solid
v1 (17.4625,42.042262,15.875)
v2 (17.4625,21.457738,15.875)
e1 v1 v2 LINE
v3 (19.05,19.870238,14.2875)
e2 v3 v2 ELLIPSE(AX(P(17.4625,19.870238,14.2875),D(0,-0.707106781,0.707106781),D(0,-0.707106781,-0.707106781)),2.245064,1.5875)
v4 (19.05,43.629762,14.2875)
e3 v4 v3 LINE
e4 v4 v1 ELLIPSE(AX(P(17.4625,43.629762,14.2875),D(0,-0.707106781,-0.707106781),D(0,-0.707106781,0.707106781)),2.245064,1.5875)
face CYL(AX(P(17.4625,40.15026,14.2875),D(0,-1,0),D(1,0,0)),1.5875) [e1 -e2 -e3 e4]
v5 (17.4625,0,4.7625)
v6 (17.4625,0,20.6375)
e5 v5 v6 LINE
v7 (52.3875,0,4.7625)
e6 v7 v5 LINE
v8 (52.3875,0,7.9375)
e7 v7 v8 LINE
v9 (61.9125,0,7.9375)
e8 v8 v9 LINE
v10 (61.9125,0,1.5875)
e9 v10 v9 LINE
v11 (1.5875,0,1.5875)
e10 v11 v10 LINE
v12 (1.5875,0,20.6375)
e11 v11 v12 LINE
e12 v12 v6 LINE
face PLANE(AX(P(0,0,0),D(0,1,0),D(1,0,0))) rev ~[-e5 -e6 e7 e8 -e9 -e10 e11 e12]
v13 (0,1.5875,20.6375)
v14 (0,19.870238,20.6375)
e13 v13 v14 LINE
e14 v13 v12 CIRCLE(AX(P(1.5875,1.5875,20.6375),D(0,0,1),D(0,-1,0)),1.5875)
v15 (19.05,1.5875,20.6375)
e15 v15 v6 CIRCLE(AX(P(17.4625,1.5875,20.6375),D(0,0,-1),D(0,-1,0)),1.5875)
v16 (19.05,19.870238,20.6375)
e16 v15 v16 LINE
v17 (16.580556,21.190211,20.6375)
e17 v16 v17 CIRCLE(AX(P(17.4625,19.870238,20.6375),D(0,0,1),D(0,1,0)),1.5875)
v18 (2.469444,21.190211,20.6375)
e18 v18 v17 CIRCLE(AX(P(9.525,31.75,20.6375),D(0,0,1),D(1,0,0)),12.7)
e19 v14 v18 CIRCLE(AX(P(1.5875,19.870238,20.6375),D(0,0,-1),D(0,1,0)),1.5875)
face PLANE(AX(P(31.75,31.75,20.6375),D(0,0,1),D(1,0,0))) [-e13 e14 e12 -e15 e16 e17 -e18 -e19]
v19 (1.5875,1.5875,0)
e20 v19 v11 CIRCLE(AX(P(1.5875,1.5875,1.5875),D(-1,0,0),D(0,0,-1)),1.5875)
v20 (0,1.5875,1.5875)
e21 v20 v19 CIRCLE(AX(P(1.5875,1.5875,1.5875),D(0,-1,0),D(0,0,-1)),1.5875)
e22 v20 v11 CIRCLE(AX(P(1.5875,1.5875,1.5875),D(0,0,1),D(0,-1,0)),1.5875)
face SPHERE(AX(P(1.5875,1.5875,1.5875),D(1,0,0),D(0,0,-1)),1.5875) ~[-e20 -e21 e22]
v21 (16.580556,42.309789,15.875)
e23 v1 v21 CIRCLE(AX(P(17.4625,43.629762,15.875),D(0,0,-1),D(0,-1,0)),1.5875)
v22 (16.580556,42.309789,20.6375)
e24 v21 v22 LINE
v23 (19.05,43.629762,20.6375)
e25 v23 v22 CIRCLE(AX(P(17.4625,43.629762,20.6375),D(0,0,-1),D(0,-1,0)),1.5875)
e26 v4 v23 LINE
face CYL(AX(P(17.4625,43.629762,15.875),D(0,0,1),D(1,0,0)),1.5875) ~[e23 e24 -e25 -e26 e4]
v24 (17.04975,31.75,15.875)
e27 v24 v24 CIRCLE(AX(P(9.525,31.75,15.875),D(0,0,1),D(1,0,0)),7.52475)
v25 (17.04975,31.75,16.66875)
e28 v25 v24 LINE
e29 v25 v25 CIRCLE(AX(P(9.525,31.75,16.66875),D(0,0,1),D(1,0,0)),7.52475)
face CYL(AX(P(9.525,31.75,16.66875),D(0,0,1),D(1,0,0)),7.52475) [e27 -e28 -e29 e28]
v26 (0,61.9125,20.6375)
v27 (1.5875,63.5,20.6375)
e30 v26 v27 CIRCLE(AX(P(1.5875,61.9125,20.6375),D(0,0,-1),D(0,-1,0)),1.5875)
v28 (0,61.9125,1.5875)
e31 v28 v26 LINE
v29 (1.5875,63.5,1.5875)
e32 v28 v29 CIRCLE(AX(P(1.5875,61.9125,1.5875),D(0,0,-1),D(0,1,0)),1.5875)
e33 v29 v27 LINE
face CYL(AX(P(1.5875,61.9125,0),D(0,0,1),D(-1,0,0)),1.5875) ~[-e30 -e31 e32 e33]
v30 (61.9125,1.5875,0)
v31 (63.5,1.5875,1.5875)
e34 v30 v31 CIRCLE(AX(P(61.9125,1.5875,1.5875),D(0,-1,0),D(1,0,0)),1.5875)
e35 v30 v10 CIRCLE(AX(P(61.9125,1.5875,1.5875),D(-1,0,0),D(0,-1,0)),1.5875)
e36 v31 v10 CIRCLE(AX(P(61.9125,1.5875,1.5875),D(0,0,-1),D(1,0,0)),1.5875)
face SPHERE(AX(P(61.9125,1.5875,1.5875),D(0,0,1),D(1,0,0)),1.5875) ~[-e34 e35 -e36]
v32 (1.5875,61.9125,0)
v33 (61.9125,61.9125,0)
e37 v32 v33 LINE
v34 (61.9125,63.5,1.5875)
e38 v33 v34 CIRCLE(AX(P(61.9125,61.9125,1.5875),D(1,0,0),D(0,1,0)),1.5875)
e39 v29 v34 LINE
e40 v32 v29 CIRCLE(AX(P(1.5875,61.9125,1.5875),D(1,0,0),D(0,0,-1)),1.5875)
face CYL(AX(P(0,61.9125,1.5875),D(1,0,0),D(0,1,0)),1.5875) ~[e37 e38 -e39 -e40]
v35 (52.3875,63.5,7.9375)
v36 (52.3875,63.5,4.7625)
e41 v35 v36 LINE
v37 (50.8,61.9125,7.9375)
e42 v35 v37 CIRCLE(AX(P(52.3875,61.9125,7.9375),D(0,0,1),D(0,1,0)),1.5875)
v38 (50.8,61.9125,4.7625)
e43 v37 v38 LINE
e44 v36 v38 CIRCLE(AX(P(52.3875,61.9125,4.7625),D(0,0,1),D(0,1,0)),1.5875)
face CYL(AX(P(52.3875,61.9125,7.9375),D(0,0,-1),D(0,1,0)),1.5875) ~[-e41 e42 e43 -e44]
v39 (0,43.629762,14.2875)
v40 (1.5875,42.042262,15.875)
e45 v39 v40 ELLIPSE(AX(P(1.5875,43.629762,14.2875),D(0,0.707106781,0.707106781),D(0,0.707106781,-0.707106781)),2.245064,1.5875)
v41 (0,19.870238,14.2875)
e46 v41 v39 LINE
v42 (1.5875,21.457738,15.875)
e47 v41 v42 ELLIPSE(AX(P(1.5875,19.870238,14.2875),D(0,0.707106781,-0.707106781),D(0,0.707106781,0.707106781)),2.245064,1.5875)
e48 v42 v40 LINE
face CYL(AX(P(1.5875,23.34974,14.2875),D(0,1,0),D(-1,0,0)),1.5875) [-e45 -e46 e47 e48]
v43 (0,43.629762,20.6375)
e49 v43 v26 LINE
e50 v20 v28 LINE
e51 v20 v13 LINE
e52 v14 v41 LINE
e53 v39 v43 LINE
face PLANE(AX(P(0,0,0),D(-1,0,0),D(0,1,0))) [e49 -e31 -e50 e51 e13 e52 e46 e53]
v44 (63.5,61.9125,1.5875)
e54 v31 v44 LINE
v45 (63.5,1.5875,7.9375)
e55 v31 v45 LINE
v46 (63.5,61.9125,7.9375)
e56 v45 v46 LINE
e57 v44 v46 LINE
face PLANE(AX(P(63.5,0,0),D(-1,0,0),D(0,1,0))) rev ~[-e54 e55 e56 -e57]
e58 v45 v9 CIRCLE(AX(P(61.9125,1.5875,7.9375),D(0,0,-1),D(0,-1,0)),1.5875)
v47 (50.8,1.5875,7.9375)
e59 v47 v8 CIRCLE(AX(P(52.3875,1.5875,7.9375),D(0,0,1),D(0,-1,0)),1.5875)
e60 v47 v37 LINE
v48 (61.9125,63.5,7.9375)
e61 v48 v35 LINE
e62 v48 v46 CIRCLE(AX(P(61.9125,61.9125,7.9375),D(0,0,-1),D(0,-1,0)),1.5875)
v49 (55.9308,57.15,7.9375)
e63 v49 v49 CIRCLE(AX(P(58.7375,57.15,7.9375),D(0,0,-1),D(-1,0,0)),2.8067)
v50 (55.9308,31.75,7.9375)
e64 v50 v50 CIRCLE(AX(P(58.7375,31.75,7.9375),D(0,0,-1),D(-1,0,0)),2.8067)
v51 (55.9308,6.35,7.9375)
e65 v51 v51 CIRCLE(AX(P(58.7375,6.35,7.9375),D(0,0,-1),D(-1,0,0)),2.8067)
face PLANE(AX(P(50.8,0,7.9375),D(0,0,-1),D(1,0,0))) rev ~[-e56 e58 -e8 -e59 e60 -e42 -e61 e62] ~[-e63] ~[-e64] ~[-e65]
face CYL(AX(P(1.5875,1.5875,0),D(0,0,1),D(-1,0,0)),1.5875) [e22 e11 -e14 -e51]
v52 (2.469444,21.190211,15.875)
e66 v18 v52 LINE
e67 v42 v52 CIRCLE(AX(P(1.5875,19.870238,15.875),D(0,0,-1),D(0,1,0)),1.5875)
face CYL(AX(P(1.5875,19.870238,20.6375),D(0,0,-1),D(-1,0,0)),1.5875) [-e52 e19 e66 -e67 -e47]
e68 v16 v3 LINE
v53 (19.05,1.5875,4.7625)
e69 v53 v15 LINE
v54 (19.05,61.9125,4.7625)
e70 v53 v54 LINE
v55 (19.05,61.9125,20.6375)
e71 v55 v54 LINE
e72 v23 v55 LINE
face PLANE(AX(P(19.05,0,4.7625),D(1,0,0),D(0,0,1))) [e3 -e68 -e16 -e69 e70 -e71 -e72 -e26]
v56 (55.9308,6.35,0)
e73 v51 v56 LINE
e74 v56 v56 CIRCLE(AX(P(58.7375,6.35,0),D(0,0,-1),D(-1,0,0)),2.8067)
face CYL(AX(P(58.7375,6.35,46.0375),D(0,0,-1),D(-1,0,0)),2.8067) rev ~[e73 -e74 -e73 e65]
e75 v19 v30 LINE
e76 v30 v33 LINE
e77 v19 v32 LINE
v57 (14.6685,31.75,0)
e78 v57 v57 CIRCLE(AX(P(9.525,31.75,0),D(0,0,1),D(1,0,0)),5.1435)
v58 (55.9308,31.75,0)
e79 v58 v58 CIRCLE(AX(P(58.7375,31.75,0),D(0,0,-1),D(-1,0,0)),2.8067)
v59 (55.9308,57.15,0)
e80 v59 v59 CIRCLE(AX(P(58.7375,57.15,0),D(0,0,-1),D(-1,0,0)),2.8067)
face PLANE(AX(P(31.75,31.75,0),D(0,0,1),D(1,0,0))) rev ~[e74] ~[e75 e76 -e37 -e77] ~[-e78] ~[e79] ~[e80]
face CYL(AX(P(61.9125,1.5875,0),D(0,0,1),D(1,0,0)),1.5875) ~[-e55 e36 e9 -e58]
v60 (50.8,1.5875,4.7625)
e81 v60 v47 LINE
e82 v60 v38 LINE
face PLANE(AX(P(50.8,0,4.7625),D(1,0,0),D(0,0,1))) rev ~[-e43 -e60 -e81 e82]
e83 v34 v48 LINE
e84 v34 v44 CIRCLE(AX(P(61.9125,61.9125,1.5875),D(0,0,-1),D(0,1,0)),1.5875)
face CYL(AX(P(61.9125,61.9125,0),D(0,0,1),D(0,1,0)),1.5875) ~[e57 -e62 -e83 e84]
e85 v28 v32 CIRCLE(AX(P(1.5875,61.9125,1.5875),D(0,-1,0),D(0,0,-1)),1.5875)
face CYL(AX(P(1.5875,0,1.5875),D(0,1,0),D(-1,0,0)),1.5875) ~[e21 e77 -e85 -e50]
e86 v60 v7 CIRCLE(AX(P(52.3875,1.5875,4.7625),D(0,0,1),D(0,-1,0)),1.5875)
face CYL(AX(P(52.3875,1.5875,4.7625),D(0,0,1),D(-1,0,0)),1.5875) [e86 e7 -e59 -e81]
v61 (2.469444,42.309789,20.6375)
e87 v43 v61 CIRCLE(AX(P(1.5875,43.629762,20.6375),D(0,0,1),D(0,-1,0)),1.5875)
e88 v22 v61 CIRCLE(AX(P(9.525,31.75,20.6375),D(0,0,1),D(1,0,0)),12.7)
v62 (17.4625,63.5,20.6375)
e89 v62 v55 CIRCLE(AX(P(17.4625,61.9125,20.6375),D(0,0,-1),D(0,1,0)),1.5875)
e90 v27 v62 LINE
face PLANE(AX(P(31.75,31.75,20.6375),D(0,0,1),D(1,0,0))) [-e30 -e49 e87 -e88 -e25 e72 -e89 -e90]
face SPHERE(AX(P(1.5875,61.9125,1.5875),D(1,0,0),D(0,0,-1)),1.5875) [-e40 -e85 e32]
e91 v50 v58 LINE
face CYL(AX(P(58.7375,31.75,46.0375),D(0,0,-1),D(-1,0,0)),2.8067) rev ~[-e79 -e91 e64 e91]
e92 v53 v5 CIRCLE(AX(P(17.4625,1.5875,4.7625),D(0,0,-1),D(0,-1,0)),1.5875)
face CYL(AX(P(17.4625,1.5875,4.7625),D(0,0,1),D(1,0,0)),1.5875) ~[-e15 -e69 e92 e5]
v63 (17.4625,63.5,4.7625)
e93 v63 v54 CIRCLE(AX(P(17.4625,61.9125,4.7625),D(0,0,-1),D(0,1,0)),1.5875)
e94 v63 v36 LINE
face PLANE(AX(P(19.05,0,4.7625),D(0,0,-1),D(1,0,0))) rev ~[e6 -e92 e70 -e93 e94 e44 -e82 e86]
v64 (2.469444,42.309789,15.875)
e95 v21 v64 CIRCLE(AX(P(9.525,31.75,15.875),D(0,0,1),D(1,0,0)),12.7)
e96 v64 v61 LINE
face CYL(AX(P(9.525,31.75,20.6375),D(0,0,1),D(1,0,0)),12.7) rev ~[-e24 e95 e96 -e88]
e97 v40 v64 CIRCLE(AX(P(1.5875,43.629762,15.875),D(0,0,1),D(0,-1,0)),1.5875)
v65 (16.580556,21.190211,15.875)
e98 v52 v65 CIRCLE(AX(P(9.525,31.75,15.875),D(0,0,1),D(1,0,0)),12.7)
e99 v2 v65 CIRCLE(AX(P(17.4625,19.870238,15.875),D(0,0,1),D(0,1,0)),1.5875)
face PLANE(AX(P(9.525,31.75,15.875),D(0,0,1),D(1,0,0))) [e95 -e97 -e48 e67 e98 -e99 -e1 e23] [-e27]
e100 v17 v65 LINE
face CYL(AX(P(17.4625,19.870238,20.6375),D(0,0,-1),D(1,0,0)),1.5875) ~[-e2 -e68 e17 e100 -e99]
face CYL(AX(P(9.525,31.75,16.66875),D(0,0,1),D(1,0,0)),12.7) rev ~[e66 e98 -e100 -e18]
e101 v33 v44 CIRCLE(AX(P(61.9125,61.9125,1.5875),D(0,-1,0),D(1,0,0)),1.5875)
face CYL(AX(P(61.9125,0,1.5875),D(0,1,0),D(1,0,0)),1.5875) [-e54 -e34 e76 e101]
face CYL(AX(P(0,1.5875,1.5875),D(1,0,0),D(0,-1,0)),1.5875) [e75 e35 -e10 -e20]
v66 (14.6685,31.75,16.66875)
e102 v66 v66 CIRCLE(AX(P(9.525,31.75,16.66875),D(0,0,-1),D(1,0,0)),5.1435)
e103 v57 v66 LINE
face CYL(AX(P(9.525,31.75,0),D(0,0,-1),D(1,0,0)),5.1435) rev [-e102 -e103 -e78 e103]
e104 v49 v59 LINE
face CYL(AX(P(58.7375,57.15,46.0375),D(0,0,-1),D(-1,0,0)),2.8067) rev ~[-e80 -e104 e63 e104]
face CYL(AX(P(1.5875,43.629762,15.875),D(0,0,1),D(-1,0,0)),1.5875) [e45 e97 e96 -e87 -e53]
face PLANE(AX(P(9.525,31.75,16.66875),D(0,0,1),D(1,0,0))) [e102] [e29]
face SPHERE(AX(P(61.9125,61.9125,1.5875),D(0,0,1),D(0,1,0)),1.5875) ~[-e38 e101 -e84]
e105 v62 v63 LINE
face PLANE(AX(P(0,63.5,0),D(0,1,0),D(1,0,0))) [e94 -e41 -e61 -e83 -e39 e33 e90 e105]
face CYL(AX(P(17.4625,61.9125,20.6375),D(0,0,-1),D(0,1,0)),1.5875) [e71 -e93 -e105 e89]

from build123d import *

# Parameters (mm, degrees)
SKETCH2_W                  = 63.5
SKETCH2_H                  = 63.5
SKETCH2_R                  = 5.1435
BOSS_EXTRUDE1_DEPTH        = 20.6375
SKETCH3_W                  = 31.75
SKETCH3_H                  = 15.875
CUT_EXTRUDE1_DEPTH         = 93.143401317
SKETCH4_W                  = 12.7
SKETCH4_H                  = 12.7
CUT_EXTRUDE2_DEPTH         = 93.143401317
SKETCH5_R                  = 12.7
CUT_EXTRUDE3_DEPTH         = 3.96875
SKETCH6_R                  = 12.7
SKETCH6_R_2                = 7.52475
CUT_EXTRUDE4_DEPTH         = 0.79375
FILLET1_R                  = 1.5875
F_10_CLEARANCE_HOLE1_D     = 5.6134
F_10_CLEARANCE_HOLE1_DEPTH = 25.4
F_10_CLEARANCE_HOLE1_TIP   = 1.686435499


with BuildPart() as part:
    # Sketch2 → Boss-Extrude1 (new body)
    with BuildSketch(Plane.XY):
        with Locations((31.75, 31.75)):
            Rectangle(SKETCH2_W, SKETCH2_H)
        with Locations((9.525, 31.75)):
            Circle(SKETCH2_R, mode=Mode.SUBTRACT)
    extrude(amount=BOSS_EXTRUDE1_DEPTH)

    # Sketch3 → Cut-Extrude1 (cut, through all)
    with BuildSketch(Plane.XZ):
        with Locations((34.925, 12.7)):
            Rectangle(SKETCH3_W, SKETCH3_H)
    extrude(amount=-CUT_EXTRUDE1_DEPTH, mode=Mode.SUBTRACT)

    # Sketch4 → Cut-Extrude2 (cut, through all)
    with BuildSketch(Plane.XZ):
        with Locations((57.15, 14.2875)):
            Rectangle(SKETCH4_W, SKETCH4_H)
    extrude(amount=-CUT_EXTRUDE2_DEPTH, mode=Mode.SUBTRACT)

    # Sketch5 → Cut-Extrude3 (cut)
    with BuildSketch(Plane.XY.offset(20.6375)):
        with Locations((9.525, 31.75)):
            Circle(SKETCH5_R)
    extrude(amount=-CUT_EXTRUDE3_DEPTH, mode=Mode.SUBTRACT)

    # Sketch6 → Cut-Extrude4 (cut)
    with BuildSketch(Plane.XY.offset(16.66875)):
        with Locations((9.525, 31.75)):
            Circle(SKETCH6_R)
        with Locations((9.525, 31.75)):
            Circle(SKETCH6_R_2, mode=Mode.SUBTRACT)
    extrude(amount=-CUT_EXTRUDE4_DEPTH, mode=Mode.SUBTRACT)

    # Fillet1
    fillet1_edges = [part.edges().sort_by_distance(p)[0] for p in [
        (19.05, 63.5, 12.7),
        (50.8, 63.5, 6.35),
        (19.05, 0, 12.7),
        (50.8, 0, 6.35),
        (63.5, 63.5, 3.96875),
        (63.5, 0, 3.96875),
        (31.75, 63.5, 0),
        (63.5, 31.75, 0),
        (19.05, 40.150260413, 18.25625),
        (19.05, 23.349739587, 18.25625),
        (31.75, 0, 0),
        (0, 40.150260413, 18.25625),
        (0, 23.349739587, 18.25625),
        (0, 31.75, 0),
        (19.05, 31.75, 15.875),
        (0, 31.75, 15.875),
        (0, 63.5, 10.31875),
        (0, 0, 10.31875),
    ]]
    fillet(fillet1_edges, radius=FILLET1_R)

    # #10 Clearance Hole1
    with Locations(Plane.XY.offset(20.6375)):
        with Locations((58.7375, 6.35), (58.7375, 31.75), (58.7375, 57.15)):
            Hole(F_10_CLEARANCE_HOLE1_D / 2, depth=F_10_CLEARANCE_HOLE1_DEPTH)
            with Locations((0, 0, -(F_10_CLEARANCE_HOLE1_DEPTH + F_10_CLEARANCE_HOLE1_TIP / 2))):  # 118° drill point
                Cone(0, F_10_CLEARANCE_HOLE1_D / 2, F_10_CLEARANCE_HOLE1_TIP, mode=Mode.SUBTRACT)


solid = part.part
